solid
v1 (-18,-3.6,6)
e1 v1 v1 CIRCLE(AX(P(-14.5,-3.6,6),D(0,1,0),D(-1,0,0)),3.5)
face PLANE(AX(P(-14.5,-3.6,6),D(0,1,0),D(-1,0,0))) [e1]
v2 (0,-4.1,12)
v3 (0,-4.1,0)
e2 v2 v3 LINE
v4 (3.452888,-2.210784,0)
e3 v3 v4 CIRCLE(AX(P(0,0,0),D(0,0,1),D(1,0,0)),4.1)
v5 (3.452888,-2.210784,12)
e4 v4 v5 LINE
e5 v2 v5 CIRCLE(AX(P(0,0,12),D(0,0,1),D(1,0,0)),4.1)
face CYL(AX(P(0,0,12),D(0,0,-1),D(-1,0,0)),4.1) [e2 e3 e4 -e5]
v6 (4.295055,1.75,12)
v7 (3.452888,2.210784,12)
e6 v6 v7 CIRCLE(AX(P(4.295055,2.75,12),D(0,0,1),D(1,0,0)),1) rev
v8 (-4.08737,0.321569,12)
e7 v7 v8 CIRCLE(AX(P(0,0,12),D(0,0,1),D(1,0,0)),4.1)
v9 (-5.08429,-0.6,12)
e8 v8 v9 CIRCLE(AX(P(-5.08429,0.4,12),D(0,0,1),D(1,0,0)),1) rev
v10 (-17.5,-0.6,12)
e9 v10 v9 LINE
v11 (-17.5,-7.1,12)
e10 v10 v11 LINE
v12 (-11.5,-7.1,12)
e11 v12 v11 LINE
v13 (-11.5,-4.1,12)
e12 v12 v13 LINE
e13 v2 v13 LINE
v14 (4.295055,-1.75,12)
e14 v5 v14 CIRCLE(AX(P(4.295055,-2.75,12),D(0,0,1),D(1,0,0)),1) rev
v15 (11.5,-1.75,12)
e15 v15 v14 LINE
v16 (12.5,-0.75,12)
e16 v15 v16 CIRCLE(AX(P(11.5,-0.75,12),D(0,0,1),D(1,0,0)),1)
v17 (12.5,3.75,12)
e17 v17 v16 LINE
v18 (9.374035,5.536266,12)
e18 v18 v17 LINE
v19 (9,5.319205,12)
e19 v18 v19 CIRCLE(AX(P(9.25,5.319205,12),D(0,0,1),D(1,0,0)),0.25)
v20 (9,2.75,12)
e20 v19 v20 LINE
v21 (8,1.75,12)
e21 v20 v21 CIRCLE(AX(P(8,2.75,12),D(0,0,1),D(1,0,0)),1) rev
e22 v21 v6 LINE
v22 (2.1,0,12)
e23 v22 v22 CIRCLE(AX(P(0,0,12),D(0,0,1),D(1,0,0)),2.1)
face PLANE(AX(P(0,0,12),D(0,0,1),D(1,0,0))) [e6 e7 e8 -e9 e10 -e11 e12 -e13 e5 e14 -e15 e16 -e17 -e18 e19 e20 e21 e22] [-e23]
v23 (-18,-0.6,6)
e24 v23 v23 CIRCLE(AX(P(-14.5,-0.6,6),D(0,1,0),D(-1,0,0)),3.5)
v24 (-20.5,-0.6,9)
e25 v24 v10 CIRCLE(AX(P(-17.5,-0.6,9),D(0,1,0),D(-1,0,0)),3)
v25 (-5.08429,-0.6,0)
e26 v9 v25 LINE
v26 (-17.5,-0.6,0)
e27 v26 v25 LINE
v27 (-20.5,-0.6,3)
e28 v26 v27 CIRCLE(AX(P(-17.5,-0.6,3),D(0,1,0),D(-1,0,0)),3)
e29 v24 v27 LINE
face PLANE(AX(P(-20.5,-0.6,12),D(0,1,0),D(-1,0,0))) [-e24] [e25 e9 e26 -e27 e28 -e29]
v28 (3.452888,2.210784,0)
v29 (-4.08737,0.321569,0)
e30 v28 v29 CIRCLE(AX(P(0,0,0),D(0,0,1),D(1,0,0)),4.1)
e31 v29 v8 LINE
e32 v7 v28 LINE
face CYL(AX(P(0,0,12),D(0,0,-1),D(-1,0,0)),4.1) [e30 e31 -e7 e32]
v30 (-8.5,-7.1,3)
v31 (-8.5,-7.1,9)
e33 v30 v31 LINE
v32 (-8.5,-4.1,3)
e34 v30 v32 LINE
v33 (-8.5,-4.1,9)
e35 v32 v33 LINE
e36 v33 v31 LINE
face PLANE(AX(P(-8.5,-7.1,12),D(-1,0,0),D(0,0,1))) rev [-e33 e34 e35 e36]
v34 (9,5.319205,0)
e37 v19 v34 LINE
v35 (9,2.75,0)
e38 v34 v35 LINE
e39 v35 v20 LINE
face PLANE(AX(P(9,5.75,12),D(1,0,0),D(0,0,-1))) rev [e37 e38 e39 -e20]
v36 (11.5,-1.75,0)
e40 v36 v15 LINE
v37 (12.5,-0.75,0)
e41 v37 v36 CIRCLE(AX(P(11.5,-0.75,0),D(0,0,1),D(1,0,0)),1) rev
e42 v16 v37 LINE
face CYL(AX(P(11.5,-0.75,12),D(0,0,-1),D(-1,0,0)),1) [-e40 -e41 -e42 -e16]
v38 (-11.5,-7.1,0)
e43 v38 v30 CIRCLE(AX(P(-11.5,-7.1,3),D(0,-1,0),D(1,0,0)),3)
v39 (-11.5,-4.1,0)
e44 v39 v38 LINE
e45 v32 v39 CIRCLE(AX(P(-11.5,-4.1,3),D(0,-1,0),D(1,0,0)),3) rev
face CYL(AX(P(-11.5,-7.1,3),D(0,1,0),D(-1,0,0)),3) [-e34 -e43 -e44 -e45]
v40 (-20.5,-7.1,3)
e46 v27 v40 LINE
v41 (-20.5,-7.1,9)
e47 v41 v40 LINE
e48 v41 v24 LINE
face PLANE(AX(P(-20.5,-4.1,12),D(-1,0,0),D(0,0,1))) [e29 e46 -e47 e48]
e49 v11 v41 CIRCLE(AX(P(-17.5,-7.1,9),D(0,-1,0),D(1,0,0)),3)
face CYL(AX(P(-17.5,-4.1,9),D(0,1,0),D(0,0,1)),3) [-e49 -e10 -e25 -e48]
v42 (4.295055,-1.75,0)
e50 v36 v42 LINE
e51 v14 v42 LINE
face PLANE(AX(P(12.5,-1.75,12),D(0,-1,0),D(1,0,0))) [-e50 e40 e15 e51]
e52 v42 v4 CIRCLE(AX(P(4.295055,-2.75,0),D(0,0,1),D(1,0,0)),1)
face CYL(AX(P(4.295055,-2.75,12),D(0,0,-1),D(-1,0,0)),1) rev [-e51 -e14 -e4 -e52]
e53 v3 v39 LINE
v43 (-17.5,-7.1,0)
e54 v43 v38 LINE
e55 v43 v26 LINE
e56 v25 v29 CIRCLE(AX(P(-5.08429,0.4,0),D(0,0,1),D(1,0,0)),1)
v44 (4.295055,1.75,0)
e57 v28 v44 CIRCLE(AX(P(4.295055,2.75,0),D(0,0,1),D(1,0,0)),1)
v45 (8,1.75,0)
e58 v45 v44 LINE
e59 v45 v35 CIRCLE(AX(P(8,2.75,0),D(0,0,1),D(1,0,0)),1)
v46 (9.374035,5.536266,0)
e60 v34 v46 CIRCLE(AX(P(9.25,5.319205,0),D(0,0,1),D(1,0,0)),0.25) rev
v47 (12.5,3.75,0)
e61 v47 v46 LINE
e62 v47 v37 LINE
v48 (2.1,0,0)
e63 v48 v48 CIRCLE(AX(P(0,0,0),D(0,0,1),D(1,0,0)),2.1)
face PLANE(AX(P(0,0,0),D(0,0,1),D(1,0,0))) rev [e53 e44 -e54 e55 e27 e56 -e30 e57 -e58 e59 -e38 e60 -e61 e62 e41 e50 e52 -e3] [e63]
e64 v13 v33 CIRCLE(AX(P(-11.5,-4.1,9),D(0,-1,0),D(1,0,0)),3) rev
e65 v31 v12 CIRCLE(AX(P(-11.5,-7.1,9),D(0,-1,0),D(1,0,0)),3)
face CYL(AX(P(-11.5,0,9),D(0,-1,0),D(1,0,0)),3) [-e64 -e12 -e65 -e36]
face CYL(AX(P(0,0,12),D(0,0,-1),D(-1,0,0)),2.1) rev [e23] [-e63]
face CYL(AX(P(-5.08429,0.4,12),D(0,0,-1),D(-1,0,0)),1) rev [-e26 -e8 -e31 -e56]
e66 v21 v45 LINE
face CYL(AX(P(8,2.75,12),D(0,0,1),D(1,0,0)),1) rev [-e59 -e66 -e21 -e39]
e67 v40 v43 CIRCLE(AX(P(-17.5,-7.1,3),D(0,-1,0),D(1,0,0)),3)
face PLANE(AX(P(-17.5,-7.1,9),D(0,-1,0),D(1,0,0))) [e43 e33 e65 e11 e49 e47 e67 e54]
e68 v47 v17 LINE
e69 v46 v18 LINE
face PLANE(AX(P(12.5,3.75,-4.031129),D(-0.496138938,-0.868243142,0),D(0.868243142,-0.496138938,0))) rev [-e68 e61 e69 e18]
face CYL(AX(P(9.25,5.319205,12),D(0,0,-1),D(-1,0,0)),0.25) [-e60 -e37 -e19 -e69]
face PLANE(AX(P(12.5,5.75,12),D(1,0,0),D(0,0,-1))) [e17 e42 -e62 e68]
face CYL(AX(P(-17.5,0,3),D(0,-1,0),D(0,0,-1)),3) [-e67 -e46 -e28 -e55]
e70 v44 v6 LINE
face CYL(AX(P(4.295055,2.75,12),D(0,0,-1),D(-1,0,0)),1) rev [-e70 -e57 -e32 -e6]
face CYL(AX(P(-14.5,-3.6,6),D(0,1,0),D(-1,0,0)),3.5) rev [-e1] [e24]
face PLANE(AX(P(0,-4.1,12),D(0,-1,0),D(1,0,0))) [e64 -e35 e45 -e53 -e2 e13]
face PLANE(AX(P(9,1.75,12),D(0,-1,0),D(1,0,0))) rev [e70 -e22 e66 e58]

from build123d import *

# Parameters (mm, degrees)
SKETCH1_R           = 2.1
BOSS_EXTRUDE1_DEPTH = 12
FILLET1_R           = 1
CUT_EXTRUDE1_DEPTH  = 12
FILLET3_R           = 0.25
FILLET4_R           = 3
BOSS_EXTRUDE2_DEPTH = 3
FILLET5_R           = 3
SKETCH7_R           = 3.5
CUT_EXTRUDE4_DEPTH  = 3


with BuildPart() as part:
    # Sketch1 → Boss-Extrude1 (new body)
    with BuildSketch(Plane.XY):
        with BuildLine():
            Line((12.5, 5.75), (12.5, -1.75))
            Line((12.5, -1.75), (3.707762128, -1.75))
            ThreePointArc((3.707762128, -1.75), (2.194880407, -3.463018914), (0, -4.1))
            Line((0, -4.1), (-20.5, -4.1))
            Line((-20.5, -4.1), (-20.5, -0.6))
            Line((-20.5, -0.6), (-4.055859958, -0.6))
            ThreePointArc((-4.055859958, -0.6), (-1.187820704, 3.924166405), (3.707762128, 1.75))
            Line((3.707762128, 1.75), (9, 1.75))
            Line((9, 1.75), (9, 5.75))
            Line((9, 5.75), (12.5, 5.75))
        make_face()
        Circle(SKETCH1_R, mode=Mode.SUBTRACT)
    extrude(amount=BOSS_EXTRUDE1_DEPTH)

    # Fillet1
    fillet1_edges = [part.edges().sort_by_distance(p)[0] for p in [
        (3.707762128, -1.75, 6),
        (12.5, -1.75, 6),
        (9, 1.75, 6),
        (3.707762128, 1.75, 6),
        (-4.055859958, -0.6, 6),
    ]]
    fillet(fillet1_edges, radius=FILLET1_R)

    # Sketch3 → Cut-Extrude1 (cut)
    with BuildSketch(Plane.XY.offset(12)):
        Polygon((9, 5.75), (12.5, 5.75), (12.5, 3.75), align=None)
    extrude(amount=-CUT_EXTRUDE1_DEPTH, mode=Mode.SUBTRACT)

    # Fillet3
    fillet3_edges = [part.edges().sort_by_distance(p)[0] for p in [
        (9, 5.75, 6),
    ]]
    fillet(fillet3_edges, radius=FILLET3_R)

    # Fillet4
    fillet4_edges = [part.edges().sort_by_distance(p)[0] for p in [
        (-20.5, -2.35, 0),
        (-20.5, -2.35, 12),
    ]]
    fillet(fillet4_edges, radius=FILLET4_R)

    # Sketch6 → Boss-Extrude2 (add)
    with BuildSketch(Plane.XZ.offset(4.1)):
        with BuildLine():
            Line((-8.5, 12), (-8.5, 0))
            Line((-8.5, 0), (-17.5, 0))
            ThreePointArc((-17.5, 0), (-19.621320344, 0.878679656), (-20.5, 3))
            Line((-20.5, 3), (-20.5, 9))
            ThreePointArc((-20.5, 9), (-19.621320344, 11.121320344), (-17.5, 12))
            Line((-17.5, 12), (-8.5, 12))
        make_face()
    extrude(amount=BOSS_EXTRUDE2_DEPTH)

    # Fillet5
    fillet5_edges = [part.edges().sort_by_distance(p)[0] for p in [
        (-8.5, -5.6, 0),
        (-8.5, -5.6, 12),
    ]]
    fillet(fillet5_edges, radius=FILLET5_R)

    # Sketch7 → Cut-Extrude4 (cut)
    with BuildSketch(Plane(origin=(0, -0.6, 0), x_dir=(1, 0, 0), z_dir=(0, 1, 0))):
        with Locations(Location((-14.5, -6, 0), (0, 0, 180))):
            Circle(SKETCH7_R)
    extrude(amount=-CUT_EXTRUDE4_DEPTH, mode=Mode.SUBTRACT)


solid = part.part
